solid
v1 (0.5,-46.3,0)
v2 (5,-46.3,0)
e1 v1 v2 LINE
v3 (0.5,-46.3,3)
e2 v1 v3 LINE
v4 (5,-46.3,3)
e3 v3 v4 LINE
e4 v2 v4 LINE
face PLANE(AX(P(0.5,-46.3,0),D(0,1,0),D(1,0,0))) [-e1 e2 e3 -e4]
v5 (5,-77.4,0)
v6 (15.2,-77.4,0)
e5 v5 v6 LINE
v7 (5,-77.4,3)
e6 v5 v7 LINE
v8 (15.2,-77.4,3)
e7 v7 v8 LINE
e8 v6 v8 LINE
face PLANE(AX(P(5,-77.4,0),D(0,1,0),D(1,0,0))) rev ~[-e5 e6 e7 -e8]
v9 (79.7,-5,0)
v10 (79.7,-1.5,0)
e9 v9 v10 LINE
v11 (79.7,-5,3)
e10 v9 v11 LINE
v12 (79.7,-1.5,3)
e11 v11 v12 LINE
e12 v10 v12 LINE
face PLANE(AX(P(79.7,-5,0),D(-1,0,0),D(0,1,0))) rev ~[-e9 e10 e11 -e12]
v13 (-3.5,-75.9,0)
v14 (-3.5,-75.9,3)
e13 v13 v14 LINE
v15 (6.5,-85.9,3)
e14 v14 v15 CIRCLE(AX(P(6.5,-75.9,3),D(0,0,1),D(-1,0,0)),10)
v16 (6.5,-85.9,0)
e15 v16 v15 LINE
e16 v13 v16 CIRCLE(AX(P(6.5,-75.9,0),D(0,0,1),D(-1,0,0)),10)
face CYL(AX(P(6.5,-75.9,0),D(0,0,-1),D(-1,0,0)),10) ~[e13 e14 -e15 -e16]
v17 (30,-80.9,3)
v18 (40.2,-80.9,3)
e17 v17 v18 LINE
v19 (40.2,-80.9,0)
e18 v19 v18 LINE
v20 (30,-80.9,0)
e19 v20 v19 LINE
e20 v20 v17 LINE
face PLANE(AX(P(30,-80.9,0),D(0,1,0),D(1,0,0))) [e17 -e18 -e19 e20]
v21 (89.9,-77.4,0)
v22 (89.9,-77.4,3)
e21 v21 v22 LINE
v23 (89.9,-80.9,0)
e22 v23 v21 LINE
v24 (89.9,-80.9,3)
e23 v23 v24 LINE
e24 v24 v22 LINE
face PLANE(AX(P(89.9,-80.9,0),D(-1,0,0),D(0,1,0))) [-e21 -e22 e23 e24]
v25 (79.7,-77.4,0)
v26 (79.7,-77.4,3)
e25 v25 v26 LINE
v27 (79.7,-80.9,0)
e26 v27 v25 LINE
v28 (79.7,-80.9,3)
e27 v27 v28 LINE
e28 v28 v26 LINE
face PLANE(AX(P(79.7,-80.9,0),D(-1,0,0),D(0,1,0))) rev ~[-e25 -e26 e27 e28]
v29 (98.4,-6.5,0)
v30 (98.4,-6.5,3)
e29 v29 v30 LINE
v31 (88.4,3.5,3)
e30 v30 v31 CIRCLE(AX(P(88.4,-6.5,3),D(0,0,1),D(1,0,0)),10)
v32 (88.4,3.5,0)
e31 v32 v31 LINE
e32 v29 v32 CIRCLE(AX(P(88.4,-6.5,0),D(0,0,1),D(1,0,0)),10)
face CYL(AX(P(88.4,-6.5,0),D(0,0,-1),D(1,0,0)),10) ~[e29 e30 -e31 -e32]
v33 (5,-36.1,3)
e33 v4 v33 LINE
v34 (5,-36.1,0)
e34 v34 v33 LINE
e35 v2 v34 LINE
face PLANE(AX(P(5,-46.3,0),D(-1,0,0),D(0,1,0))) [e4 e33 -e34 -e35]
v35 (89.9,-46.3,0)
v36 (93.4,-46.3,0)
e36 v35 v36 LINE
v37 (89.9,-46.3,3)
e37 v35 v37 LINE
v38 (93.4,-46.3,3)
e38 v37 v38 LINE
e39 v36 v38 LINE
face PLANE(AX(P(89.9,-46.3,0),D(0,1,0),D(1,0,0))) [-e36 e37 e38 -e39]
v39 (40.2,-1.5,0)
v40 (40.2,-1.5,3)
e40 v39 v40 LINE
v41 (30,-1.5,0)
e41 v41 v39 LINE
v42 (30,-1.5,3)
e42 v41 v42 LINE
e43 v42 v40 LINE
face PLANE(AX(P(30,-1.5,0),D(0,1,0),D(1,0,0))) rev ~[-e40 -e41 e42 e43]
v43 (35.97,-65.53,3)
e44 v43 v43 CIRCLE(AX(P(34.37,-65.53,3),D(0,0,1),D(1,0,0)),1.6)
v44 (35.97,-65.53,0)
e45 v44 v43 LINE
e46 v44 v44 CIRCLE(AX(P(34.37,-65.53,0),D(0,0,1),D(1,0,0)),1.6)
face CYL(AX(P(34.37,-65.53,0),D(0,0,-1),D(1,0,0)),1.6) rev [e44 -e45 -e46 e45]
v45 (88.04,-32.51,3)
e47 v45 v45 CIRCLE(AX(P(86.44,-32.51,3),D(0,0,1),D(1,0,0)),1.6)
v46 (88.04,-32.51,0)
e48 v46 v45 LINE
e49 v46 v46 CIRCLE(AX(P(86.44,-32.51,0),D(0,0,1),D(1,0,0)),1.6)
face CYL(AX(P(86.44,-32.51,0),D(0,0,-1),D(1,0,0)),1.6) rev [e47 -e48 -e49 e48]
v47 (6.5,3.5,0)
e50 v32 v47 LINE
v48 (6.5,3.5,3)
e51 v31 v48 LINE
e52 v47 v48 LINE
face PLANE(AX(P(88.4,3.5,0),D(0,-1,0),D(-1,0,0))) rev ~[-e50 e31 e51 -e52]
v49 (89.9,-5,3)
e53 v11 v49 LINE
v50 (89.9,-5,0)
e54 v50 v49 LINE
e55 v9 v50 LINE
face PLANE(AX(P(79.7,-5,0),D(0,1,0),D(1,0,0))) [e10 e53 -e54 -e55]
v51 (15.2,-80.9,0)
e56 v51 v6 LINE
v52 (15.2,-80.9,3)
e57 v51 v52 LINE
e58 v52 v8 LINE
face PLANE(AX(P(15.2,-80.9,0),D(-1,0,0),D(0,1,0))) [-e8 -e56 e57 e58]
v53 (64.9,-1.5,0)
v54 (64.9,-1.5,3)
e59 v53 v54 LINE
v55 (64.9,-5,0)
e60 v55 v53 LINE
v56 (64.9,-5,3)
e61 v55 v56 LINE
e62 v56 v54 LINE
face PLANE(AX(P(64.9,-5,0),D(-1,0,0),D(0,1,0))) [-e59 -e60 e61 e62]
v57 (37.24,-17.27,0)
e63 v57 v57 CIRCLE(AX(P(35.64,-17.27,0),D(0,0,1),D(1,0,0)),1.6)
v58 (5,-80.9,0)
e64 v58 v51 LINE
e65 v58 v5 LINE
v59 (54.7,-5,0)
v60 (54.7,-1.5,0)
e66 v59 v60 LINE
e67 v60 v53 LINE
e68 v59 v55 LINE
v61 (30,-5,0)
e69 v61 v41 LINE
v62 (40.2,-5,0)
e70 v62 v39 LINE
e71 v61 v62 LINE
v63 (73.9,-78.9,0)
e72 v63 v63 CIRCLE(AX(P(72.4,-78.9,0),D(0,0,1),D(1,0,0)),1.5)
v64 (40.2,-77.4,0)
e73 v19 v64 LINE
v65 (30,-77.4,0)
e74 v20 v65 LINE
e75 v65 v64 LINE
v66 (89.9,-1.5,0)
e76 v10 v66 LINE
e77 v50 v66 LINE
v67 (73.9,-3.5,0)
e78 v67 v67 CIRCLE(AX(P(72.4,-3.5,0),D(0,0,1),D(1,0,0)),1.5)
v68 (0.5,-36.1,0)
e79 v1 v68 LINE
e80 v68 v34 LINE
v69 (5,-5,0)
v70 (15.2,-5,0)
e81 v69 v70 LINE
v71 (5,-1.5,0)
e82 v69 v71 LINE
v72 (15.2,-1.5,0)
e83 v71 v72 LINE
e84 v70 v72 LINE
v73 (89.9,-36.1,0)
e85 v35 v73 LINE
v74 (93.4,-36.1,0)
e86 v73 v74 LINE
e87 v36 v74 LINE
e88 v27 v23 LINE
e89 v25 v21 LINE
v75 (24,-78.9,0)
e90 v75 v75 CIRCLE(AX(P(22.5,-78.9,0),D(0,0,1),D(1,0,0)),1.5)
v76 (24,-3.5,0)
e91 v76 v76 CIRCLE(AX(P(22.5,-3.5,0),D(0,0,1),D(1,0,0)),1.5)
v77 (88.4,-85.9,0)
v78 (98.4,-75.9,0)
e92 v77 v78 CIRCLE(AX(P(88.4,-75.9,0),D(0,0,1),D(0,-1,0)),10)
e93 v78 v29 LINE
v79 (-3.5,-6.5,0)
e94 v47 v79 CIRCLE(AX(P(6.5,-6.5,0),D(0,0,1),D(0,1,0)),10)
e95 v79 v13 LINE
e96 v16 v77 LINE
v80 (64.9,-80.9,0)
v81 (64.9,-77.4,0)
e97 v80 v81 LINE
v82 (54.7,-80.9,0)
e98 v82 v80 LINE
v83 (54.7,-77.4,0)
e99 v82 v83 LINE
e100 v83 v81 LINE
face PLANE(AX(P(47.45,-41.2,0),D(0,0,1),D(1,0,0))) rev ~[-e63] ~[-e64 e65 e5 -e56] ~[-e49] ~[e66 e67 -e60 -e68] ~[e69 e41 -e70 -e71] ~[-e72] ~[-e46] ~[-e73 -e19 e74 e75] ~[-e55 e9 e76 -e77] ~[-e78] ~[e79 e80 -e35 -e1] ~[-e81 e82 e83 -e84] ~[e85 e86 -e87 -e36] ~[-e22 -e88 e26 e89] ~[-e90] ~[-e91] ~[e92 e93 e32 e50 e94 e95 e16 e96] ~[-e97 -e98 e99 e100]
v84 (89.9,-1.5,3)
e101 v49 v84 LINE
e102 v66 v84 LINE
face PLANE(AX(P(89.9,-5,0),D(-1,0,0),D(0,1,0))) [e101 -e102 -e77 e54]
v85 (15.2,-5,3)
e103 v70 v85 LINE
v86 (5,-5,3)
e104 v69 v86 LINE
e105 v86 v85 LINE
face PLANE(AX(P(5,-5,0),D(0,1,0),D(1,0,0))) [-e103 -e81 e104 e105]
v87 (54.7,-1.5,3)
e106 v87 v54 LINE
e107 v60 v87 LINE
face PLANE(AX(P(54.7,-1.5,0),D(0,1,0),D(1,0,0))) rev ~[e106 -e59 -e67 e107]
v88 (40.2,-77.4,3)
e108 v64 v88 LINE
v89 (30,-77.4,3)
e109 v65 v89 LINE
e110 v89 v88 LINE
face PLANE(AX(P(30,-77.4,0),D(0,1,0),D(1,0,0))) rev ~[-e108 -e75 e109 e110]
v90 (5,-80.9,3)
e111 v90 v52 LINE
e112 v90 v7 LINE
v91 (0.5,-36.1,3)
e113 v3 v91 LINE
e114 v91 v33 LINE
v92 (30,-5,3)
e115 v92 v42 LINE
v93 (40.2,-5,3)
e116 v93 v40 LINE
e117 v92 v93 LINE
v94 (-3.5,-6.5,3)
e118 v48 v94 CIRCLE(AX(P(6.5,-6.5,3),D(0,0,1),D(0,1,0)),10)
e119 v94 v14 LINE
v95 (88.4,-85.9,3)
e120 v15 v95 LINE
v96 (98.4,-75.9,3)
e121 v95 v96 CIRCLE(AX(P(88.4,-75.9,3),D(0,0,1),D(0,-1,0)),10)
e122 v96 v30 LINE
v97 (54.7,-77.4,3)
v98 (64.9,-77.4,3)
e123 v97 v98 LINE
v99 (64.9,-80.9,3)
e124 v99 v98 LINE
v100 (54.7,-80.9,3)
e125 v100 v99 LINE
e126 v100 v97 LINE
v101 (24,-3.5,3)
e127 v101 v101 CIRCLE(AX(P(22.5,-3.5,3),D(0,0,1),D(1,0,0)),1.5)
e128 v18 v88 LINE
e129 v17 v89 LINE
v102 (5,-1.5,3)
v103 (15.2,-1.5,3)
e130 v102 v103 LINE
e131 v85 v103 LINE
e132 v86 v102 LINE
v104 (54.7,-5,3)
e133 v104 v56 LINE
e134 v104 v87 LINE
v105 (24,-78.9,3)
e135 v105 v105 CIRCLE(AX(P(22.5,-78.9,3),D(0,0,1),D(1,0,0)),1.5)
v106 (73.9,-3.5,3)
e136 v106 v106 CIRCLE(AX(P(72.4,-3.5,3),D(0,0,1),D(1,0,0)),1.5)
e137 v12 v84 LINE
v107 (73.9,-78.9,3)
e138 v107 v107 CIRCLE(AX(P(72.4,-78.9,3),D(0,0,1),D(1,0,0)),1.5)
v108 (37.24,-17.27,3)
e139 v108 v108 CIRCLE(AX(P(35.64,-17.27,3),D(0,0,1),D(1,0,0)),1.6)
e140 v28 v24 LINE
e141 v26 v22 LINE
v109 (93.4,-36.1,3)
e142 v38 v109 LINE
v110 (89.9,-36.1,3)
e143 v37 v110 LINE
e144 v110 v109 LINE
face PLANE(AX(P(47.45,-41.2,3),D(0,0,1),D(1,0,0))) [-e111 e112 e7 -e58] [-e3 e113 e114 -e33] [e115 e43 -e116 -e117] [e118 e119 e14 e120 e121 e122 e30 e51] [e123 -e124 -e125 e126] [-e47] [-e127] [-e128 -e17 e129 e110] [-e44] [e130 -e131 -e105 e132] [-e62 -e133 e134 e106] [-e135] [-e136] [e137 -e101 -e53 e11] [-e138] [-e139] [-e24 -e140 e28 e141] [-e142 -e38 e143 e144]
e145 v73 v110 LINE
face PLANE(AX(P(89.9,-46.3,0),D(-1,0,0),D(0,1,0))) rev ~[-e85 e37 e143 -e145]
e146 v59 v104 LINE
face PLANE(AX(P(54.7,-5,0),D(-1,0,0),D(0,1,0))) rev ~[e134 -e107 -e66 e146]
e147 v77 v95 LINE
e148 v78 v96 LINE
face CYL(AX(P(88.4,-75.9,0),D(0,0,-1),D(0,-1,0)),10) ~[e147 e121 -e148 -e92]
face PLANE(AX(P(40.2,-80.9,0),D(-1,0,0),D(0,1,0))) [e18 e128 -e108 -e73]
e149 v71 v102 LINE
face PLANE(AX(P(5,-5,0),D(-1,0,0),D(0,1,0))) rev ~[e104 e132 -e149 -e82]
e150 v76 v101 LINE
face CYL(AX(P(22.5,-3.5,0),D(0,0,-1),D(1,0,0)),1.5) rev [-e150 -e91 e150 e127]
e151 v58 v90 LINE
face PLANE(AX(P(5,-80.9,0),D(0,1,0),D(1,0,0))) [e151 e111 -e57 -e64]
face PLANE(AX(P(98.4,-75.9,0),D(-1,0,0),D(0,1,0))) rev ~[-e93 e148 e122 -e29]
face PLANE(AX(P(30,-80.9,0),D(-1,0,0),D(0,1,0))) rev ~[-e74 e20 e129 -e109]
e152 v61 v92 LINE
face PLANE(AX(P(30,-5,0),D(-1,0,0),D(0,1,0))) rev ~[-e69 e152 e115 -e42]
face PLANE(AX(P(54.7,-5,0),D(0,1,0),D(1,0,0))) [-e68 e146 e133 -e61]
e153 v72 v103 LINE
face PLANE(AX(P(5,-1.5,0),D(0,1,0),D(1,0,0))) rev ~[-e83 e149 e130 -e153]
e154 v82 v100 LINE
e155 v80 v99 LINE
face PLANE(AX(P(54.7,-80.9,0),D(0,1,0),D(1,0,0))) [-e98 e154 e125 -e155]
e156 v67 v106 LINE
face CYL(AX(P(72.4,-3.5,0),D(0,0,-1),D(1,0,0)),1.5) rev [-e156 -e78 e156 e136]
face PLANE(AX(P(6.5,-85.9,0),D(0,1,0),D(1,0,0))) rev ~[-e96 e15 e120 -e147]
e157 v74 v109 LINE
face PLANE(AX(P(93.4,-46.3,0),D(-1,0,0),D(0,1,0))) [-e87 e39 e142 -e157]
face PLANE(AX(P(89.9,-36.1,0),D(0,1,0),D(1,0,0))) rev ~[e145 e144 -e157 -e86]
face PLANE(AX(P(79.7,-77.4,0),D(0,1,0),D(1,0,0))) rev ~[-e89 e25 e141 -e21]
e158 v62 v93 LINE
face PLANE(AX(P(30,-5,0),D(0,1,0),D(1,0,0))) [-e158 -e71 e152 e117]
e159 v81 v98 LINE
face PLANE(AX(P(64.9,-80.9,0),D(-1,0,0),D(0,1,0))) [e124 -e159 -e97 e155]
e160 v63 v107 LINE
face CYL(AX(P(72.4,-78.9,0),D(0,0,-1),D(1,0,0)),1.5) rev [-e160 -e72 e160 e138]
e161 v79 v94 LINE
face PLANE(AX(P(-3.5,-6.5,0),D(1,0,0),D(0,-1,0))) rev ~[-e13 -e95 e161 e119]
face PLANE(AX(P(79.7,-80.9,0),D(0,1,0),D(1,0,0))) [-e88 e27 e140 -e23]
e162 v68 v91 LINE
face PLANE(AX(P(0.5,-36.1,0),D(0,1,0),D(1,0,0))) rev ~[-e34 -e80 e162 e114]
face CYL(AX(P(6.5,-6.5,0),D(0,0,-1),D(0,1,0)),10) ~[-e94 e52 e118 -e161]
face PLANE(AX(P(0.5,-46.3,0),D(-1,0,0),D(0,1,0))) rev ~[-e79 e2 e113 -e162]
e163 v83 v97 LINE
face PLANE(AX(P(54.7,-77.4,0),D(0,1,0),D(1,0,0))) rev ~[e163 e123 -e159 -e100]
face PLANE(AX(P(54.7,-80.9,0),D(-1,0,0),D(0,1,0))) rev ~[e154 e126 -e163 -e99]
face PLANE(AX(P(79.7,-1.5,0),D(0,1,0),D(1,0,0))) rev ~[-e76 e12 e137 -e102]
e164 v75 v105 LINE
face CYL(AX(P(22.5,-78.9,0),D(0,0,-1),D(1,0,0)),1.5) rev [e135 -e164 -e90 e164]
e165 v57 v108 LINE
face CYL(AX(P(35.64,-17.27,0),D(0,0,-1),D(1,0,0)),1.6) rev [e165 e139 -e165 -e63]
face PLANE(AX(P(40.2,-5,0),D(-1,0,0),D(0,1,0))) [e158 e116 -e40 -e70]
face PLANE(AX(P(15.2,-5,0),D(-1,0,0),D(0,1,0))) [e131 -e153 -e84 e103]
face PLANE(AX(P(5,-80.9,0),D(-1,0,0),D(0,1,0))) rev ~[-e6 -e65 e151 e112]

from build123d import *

# Parameters (mm, degrees)
MODEL_R             = 1.6
MODEL_R_2           = 1.5
MODEL_W             = 10.2
MODEL_H             = 3.5
MODEL_W_2           = 4.5
MODEL_H_2           = 10.2
MODEL_W_3           = 3.5
BOSS_EXTRUDE1_DEPTH = 3


with BuildPart() as part:
    # Model → Boss-Extrude1 (new body)
    with BuildSketch(Plane.XY):
        with BuildLine():
            Line((6.5, -85.9), (88.4, -85.9))
            ThreePointArc((88.4, -85.9), (95.471067812, -82.971067812), (98.4, -75.9))
            Line((98.4, -75.9), (98.4, -6.5))
            ThreePointArc((98.4, -6.5), (95.471067812, 0.571067812), (88.4, 3.5))
            Line((88.4, 3.5), (6.5, 3.5))
            ThreePointArc((6.5, 3.5), (-0.571067812, 0.571067812), (-3.5, -6.5))
            Line((-3.5, -6.5), (-3.5, -75.9))
            ThreePointArc((-3.5, -75.9), (-0.571067812, -82.971067812), (6.5, -85.9))
        make_face()
        with Locations((35.64, -17.27)):
            Circle(MODEL_R, mode=Mode.SUBTRACT)
        with Locations((34.37, -65.53)):
            Circle(MODEL_R, mode=Mode.SUBTRACT)
        with Locations((22.5, -78.9)):
            Circle(MODEL_R_2, mode=Mode.SUBTRACT)
        with Locations((72.4, -3.5)):
            Circle(MODEL_R_2, mode=Mode.SUBTRACT)
        with Locations((22.5, -3.5)):
            Circle(MODEL_R_2, mode=Mode.SUBTRACT)
        with Locations((72.4, -78.9)):
            Circle(MODEL_R_2, mode=Mode.SUBTRACT)
        with Locations((86.44, -32.51)):
            Circle(MODEL_R, mode=Mode.SUBTRACT)
        with Locations((59.8, -79.15)):
            Rectangle(MODEL_W, MODEL_H, mode=Mode.SUBTRACT)
        with Locations((10.1, -79.15)):
            Rectangle(MODEL_W, MODEL_H, mode=Mode.SUBTRACT)
        with Locations((59.8, -3.25)):
            Rectangle(MODEL_W, MODEL_H, mode=Mode.SUBTRACT)
        with Locations((10.1, -3.25)):
            Rectangle(MODEL_W, MODEL_H, mode=Mode.SUBTRACT)
        with Locations((2.75, -41.2)):
            Rectangle(MODEL_W_2, MODEL_H_2, mode=Mode.SUBTRACT)
        with Locations((91.65, -41.2)):
            Rectangle(MODEL_W_3, MODEL_H_2, mode=Mode.SUBTRACT)
        with Locations((35.1, -3.25)):
            Rectangle(MODEL_W, MODEL_H, mode=Mode.SUBTRACT)
        with Locations((84.8, -3.25)):
            Rectangle(MODEL_W, MODEL_H, mode=Mode.SUBTRACT)
        with Locations((35.1, -79.15)):
            Rectangle(MODEL_W, MODEL_H, mode=Mode.SUBTRACT)
        with Locations((84.8, -79.15)):
            Rectangle(MODEL_W, MODEL_H, mode=Mode.SUBTRACT)
    extrude(amount=BOSS_EXTRUDE1_DEPTH)


solid = part.part
